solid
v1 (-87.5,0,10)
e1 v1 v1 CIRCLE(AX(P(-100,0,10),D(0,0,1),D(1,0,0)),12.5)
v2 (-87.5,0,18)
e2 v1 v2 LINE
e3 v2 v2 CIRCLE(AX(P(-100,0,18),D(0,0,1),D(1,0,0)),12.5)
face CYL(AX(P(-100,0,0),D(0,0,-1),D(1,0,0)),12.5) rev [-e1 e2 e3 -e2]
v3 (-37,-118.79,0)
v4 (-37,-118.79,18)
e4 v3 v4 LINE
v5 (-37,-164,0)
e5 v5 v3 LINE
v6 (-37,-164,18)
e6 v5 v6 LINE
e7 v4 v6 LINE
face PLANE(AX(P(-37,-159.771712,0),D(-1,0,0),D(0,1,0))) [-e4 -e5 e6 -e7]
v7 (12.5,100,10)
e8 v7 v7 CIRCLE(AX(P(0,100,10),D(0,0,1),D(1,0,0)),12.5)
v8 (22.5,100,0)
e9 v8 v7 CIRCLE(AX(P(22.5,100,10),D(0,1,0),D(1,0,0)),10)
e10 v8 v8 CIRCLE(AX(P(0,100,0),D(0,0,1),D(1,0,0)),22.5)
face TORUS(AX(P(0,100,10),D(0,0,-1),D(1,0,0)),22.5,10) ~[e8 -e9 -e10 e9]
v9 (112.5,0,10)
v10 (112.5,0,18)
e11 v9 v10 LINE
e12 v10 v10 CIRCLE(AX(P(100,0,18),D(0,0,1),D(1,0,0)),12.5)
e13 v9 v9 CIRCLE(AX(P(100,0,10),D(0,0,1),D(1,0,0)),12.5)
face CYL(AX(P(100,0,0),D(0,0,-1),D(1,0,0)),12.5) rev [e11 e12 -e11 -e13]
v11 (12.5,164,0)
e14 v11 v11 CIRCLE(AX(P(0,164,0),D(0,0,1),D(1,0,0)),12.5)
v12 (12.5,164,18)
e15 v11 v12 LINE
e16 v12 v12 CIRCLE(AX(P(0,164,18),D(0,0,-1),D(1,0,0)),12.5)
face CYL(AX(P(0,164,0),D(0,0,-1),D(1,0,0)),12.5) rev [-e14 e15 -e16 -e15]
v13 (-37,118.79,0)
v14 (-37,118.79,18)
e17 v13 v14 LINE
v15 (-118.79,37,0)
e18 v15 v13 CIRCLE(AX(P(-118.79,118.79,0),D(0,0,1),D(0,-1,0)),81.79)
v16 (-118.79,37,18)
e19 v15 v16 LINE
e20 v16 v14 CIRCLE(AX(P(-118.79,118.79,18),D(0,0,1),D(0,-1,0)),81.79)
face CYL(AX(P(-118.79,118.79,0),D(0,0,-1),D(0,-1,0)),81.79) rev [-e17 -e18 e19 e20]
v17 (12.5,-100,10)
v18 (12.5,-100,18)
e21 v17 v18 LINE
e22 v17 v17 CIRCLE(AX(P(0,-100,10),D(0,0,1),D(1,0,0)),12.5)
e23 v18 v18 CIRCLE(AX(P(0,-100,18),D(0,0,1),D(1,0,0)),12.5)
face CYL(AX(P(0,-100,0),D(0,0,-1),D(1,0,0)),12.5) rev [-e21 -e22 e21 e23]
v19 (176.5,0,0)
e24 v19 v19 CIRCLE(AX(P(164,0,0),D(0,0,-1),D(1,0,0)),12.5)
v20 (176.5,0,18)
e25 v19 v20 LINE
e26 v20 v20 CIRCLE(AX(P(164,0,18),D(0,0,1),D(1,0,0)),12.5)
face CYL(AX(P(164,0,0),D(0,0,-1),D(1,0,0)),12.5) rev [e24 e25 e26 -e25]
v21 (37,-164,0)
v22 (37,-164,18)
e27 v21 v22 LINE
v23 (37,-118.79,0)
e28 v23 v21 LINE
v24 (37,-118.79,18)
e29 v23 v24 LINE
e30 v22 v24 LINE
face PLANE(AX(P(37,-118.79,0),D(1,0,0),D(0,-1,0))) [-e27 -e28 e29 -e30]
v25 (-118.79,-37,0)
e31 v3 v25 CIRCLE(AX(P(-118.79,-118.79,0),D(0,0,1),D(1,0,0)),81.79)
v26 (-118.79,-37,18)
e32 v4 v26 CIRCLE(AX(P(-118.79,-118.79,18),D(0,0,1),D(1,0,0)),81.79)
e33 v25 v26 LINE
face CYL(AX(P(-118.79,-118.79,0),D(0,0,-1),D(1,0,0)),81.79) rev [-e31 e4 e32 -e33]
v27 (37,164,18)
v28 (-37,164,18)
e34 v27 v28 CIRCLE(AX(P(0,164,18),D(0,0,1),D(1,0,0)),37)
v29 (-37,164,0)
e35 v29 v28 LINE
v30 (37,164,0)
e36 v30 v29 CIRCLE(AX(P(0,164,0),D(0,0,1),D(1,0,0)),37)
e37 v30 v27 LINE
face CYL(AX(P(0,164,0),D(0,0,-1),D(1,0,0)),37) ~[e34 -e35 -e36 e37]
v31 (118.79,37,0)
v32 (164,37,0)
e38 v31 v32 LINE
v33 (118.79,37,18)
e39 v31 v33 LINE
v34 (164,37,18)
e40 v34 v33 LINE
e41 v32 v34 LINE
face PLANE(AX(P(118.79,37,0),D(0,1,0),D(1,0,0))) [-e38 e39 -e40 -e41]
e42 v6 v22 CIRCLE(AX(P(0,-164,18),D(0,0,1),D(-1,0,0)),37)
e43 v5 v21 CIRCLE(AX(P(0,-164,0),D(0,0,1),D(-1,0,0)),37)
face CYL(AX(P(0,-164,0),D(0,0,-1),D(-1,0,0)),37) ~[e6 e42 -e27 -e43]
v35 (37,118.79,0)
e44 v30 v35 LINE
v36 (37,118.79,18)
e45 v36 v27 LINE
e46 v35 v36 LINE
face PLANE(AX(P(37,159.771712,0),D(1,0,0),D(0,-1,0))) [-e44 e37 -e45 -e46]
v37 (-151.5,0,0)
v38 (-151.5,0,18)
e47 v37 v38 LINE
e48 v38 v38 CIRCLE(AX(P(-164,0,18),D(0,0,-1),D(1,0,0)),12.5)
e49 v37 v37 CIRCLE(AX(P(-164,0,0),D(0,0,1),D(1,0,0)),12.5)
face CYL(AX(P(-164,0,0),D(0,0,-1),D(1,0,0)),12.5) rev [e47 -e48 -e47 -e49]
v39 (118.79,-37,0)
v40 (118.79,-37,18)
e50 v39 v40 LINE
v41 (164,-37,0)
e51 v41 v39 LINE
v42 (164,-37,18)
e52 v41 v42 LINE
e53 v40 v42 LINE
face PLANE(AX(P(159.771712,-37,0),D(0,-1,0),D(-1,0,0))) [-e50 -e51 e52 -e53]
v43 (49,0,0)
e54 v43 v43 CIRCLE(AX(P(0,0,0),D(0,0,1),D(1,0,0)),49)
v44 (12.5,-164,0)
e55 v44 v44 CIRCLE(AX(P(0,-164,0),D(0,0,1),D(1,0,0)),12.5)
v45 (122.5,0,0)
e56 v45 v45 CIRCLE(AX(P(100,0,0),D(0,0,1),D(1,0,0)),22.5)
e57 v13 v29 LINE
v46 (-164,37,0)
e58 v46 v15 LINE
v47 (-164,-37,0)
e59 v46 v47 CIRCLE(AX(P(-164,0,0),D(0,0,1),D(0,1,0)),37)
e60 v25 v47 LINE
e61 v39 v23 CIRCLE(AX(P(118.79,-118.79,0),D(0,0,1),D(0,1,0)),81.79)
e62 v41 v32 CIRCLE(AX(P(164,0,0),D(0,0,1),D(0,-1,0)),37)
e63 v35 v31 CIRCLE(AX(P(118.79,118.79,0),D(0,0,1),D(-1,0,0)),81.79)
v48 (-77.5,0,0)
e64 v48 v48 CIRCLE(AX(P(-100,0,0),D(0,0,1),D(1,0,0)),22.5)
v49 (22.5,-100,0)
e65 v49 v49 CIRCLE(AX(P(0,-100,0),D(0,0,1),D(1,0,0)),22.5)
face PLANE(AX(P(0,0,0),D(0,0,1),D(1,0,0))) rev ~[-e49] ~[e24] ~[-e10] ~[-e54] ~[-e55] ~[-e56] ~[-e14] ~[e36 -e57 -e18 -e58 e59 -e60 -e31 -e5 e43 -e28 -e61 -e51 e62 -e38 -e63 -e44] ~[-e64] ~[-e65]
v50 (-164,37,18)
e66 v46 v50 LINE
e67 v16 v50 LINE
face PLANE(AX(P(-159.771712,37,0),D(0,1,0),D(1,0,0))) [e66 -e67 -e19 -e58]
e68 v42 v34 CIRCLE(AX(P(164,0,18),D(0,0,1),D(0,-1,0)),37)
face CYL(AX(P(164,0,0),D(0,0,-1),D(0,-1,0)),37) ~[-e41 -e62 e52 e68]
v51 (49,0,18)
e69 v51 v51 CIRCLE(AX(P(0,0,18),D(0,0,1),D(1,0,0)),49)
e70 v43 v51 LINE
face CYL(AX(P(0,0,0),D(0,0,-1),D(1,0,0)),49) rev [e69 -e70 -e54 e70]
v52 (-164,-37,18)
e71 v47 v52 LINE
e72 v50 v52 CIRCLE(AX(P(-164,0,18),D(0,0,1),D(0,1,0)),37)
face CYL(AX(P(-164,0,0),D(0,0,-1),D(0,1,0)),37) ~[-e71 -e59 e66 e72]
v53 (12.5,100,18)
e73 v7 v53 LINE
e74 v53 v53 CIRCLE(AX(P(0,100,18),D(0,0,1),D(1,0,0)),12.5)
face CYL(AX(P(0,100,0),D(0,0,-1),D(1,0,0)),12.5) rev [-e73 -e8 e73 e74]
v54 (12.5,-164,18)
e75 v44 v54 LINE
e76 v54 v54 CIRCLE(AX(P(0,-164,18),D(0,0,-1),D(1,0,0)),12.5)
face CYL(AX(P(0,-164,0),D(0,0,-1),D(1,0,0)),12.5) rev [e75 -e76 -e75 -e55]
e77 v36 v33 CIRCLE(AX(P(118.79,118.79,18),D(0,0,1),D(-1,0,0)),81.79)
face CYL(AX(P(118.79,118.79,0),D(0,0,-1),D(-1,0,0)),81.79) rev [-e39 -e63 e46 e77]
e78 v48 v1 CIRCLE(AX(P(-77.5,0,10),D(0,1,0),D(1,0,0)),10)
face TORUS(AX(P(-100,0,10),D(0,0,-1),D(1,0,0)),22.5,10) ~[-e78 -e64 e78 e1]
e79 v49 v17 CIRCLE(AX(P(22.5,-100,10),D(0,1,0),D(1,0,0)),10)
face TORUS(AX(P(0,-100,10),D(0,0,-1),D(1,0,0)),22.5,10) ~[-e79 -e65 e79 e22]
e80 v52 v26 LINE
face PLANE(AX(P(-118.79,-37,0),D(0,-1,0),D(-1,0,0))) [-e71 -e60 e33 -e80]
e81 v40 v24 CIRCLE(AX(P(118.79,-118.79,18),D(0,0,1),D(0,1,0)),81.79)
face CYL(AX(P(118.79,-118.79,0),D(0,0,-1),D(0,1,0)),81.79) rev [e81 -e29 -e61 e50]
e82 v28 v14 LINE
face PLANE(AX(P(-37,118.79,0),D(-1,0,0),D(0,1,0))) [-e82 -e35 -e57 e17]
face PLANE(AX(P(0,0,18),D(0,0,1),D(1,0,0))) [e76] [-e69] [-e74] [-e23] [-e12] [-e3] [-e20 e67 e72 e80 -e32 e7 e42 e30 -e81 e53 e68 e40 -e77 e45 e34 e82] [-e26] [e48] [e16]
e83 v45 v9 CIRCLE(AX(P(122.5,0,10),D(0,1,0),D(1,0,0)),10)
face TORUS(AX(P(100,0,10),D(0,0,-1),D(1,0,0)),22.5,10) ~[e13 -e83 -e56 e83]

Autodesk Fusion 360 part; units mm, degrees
sketch "Sketch1" plane through (0, 0, 0) normal (0, 0, 1) x (1, 0, 0)
  circle A0 centre (0, 0) radius 164
  line L0 (0, 220) -> (0, -226.5969) construction
  line L1 (-260, 0) -> (224.3647, 0) construction
  circle A1 centre (0, 164) radius 12.5
  line L2 (37, 164) -> (37, 118.79)
  line L3 (-37, 118.79) -> (-37, 164)
  arc A2 (37, 164) -> (-37, 164) centre (0, 164) ccw
  arc A3 (-164, 37) -> (-164, -37) centre (-164, 0) ccw
  circle A4 centre (-164, 0) radius 12.5
  line L4 (-118.79, -37) -> (-164, -37)
  line L5 (-164, 37) -> (-118.79, 37)
  arc A5 (-37, -164) -> (37, -164) centre (0, -164) ccw
  circle A6 centre (0, -164) radius 12.5
  line L6 (37, -118.79) -> (37, -164)
  line L7 (-37, -164) -> (-37, -118.79)
  arc A7 (164, -37) -> (164, 37) centre (164, 0) ccw
  circle A8 centre (164, 0) radius 12.5
  line L8 (118.79, 37) -> (164, 37)
  line L9 (164, -37) -> (118.79, -37)
  arc A9 (37, 118.79) -> (118.79, 37) centre (118.79, 118.79) ccw
  arc A10 (118.79, -37) -> (37, -118.79) centre (118.79, -118.79) ccw
  arc A11 (-37, -118.79) -> (-118.79, -37) centre (-118.79, -118.79) ccw
  arc A12 (-118.79, 37) -> (-37, 118.79) centre (-118.79, 118.79) ccw
  circle A13 centre (100, 0) radius 12.5
  circle A14 centre (0, 100) radius 12.5
  circle A15 centre (-100, 0) radius 12.5
  circle A16 centre (0, -100) radius 12.5
  circle A17 centre (0, 0) radius 49
  dimension "d1" = 328
  dimension "d3" = 74
  dimension "d4" = 25
  dimension "d7" = 45.21
  dimension "d8" = 45.21
  dimension "d10" = 360
  dimension "d11" = 25
  dimension "d12" = 100
  dimension "d14" = 360
  dimension "d15" = 98
extrude "Extrude1" add sketch "Sketch1" along normal blind 18 contours A0 A1 L2 L3 A4 L4 L5 A6 L6 L7 A8 L8 L9 A9 A10 A11 A12 | A0 A7 A8 L8 L9 | A0 A1 L2 L3 A2 | A0 A5 A6 L6 L7 | A0 A3 A4 L4 L5
fillet "Fillet2" radius 10 4 edges at (-111.6541, 4.5202, 0) (-11.6541, -95.4798, 0) (88.3459, 4.5202, 0) (-11.6541, 104.5202, 0)
equation "d3 = ( 37 * 2 ) * 1 mm"
